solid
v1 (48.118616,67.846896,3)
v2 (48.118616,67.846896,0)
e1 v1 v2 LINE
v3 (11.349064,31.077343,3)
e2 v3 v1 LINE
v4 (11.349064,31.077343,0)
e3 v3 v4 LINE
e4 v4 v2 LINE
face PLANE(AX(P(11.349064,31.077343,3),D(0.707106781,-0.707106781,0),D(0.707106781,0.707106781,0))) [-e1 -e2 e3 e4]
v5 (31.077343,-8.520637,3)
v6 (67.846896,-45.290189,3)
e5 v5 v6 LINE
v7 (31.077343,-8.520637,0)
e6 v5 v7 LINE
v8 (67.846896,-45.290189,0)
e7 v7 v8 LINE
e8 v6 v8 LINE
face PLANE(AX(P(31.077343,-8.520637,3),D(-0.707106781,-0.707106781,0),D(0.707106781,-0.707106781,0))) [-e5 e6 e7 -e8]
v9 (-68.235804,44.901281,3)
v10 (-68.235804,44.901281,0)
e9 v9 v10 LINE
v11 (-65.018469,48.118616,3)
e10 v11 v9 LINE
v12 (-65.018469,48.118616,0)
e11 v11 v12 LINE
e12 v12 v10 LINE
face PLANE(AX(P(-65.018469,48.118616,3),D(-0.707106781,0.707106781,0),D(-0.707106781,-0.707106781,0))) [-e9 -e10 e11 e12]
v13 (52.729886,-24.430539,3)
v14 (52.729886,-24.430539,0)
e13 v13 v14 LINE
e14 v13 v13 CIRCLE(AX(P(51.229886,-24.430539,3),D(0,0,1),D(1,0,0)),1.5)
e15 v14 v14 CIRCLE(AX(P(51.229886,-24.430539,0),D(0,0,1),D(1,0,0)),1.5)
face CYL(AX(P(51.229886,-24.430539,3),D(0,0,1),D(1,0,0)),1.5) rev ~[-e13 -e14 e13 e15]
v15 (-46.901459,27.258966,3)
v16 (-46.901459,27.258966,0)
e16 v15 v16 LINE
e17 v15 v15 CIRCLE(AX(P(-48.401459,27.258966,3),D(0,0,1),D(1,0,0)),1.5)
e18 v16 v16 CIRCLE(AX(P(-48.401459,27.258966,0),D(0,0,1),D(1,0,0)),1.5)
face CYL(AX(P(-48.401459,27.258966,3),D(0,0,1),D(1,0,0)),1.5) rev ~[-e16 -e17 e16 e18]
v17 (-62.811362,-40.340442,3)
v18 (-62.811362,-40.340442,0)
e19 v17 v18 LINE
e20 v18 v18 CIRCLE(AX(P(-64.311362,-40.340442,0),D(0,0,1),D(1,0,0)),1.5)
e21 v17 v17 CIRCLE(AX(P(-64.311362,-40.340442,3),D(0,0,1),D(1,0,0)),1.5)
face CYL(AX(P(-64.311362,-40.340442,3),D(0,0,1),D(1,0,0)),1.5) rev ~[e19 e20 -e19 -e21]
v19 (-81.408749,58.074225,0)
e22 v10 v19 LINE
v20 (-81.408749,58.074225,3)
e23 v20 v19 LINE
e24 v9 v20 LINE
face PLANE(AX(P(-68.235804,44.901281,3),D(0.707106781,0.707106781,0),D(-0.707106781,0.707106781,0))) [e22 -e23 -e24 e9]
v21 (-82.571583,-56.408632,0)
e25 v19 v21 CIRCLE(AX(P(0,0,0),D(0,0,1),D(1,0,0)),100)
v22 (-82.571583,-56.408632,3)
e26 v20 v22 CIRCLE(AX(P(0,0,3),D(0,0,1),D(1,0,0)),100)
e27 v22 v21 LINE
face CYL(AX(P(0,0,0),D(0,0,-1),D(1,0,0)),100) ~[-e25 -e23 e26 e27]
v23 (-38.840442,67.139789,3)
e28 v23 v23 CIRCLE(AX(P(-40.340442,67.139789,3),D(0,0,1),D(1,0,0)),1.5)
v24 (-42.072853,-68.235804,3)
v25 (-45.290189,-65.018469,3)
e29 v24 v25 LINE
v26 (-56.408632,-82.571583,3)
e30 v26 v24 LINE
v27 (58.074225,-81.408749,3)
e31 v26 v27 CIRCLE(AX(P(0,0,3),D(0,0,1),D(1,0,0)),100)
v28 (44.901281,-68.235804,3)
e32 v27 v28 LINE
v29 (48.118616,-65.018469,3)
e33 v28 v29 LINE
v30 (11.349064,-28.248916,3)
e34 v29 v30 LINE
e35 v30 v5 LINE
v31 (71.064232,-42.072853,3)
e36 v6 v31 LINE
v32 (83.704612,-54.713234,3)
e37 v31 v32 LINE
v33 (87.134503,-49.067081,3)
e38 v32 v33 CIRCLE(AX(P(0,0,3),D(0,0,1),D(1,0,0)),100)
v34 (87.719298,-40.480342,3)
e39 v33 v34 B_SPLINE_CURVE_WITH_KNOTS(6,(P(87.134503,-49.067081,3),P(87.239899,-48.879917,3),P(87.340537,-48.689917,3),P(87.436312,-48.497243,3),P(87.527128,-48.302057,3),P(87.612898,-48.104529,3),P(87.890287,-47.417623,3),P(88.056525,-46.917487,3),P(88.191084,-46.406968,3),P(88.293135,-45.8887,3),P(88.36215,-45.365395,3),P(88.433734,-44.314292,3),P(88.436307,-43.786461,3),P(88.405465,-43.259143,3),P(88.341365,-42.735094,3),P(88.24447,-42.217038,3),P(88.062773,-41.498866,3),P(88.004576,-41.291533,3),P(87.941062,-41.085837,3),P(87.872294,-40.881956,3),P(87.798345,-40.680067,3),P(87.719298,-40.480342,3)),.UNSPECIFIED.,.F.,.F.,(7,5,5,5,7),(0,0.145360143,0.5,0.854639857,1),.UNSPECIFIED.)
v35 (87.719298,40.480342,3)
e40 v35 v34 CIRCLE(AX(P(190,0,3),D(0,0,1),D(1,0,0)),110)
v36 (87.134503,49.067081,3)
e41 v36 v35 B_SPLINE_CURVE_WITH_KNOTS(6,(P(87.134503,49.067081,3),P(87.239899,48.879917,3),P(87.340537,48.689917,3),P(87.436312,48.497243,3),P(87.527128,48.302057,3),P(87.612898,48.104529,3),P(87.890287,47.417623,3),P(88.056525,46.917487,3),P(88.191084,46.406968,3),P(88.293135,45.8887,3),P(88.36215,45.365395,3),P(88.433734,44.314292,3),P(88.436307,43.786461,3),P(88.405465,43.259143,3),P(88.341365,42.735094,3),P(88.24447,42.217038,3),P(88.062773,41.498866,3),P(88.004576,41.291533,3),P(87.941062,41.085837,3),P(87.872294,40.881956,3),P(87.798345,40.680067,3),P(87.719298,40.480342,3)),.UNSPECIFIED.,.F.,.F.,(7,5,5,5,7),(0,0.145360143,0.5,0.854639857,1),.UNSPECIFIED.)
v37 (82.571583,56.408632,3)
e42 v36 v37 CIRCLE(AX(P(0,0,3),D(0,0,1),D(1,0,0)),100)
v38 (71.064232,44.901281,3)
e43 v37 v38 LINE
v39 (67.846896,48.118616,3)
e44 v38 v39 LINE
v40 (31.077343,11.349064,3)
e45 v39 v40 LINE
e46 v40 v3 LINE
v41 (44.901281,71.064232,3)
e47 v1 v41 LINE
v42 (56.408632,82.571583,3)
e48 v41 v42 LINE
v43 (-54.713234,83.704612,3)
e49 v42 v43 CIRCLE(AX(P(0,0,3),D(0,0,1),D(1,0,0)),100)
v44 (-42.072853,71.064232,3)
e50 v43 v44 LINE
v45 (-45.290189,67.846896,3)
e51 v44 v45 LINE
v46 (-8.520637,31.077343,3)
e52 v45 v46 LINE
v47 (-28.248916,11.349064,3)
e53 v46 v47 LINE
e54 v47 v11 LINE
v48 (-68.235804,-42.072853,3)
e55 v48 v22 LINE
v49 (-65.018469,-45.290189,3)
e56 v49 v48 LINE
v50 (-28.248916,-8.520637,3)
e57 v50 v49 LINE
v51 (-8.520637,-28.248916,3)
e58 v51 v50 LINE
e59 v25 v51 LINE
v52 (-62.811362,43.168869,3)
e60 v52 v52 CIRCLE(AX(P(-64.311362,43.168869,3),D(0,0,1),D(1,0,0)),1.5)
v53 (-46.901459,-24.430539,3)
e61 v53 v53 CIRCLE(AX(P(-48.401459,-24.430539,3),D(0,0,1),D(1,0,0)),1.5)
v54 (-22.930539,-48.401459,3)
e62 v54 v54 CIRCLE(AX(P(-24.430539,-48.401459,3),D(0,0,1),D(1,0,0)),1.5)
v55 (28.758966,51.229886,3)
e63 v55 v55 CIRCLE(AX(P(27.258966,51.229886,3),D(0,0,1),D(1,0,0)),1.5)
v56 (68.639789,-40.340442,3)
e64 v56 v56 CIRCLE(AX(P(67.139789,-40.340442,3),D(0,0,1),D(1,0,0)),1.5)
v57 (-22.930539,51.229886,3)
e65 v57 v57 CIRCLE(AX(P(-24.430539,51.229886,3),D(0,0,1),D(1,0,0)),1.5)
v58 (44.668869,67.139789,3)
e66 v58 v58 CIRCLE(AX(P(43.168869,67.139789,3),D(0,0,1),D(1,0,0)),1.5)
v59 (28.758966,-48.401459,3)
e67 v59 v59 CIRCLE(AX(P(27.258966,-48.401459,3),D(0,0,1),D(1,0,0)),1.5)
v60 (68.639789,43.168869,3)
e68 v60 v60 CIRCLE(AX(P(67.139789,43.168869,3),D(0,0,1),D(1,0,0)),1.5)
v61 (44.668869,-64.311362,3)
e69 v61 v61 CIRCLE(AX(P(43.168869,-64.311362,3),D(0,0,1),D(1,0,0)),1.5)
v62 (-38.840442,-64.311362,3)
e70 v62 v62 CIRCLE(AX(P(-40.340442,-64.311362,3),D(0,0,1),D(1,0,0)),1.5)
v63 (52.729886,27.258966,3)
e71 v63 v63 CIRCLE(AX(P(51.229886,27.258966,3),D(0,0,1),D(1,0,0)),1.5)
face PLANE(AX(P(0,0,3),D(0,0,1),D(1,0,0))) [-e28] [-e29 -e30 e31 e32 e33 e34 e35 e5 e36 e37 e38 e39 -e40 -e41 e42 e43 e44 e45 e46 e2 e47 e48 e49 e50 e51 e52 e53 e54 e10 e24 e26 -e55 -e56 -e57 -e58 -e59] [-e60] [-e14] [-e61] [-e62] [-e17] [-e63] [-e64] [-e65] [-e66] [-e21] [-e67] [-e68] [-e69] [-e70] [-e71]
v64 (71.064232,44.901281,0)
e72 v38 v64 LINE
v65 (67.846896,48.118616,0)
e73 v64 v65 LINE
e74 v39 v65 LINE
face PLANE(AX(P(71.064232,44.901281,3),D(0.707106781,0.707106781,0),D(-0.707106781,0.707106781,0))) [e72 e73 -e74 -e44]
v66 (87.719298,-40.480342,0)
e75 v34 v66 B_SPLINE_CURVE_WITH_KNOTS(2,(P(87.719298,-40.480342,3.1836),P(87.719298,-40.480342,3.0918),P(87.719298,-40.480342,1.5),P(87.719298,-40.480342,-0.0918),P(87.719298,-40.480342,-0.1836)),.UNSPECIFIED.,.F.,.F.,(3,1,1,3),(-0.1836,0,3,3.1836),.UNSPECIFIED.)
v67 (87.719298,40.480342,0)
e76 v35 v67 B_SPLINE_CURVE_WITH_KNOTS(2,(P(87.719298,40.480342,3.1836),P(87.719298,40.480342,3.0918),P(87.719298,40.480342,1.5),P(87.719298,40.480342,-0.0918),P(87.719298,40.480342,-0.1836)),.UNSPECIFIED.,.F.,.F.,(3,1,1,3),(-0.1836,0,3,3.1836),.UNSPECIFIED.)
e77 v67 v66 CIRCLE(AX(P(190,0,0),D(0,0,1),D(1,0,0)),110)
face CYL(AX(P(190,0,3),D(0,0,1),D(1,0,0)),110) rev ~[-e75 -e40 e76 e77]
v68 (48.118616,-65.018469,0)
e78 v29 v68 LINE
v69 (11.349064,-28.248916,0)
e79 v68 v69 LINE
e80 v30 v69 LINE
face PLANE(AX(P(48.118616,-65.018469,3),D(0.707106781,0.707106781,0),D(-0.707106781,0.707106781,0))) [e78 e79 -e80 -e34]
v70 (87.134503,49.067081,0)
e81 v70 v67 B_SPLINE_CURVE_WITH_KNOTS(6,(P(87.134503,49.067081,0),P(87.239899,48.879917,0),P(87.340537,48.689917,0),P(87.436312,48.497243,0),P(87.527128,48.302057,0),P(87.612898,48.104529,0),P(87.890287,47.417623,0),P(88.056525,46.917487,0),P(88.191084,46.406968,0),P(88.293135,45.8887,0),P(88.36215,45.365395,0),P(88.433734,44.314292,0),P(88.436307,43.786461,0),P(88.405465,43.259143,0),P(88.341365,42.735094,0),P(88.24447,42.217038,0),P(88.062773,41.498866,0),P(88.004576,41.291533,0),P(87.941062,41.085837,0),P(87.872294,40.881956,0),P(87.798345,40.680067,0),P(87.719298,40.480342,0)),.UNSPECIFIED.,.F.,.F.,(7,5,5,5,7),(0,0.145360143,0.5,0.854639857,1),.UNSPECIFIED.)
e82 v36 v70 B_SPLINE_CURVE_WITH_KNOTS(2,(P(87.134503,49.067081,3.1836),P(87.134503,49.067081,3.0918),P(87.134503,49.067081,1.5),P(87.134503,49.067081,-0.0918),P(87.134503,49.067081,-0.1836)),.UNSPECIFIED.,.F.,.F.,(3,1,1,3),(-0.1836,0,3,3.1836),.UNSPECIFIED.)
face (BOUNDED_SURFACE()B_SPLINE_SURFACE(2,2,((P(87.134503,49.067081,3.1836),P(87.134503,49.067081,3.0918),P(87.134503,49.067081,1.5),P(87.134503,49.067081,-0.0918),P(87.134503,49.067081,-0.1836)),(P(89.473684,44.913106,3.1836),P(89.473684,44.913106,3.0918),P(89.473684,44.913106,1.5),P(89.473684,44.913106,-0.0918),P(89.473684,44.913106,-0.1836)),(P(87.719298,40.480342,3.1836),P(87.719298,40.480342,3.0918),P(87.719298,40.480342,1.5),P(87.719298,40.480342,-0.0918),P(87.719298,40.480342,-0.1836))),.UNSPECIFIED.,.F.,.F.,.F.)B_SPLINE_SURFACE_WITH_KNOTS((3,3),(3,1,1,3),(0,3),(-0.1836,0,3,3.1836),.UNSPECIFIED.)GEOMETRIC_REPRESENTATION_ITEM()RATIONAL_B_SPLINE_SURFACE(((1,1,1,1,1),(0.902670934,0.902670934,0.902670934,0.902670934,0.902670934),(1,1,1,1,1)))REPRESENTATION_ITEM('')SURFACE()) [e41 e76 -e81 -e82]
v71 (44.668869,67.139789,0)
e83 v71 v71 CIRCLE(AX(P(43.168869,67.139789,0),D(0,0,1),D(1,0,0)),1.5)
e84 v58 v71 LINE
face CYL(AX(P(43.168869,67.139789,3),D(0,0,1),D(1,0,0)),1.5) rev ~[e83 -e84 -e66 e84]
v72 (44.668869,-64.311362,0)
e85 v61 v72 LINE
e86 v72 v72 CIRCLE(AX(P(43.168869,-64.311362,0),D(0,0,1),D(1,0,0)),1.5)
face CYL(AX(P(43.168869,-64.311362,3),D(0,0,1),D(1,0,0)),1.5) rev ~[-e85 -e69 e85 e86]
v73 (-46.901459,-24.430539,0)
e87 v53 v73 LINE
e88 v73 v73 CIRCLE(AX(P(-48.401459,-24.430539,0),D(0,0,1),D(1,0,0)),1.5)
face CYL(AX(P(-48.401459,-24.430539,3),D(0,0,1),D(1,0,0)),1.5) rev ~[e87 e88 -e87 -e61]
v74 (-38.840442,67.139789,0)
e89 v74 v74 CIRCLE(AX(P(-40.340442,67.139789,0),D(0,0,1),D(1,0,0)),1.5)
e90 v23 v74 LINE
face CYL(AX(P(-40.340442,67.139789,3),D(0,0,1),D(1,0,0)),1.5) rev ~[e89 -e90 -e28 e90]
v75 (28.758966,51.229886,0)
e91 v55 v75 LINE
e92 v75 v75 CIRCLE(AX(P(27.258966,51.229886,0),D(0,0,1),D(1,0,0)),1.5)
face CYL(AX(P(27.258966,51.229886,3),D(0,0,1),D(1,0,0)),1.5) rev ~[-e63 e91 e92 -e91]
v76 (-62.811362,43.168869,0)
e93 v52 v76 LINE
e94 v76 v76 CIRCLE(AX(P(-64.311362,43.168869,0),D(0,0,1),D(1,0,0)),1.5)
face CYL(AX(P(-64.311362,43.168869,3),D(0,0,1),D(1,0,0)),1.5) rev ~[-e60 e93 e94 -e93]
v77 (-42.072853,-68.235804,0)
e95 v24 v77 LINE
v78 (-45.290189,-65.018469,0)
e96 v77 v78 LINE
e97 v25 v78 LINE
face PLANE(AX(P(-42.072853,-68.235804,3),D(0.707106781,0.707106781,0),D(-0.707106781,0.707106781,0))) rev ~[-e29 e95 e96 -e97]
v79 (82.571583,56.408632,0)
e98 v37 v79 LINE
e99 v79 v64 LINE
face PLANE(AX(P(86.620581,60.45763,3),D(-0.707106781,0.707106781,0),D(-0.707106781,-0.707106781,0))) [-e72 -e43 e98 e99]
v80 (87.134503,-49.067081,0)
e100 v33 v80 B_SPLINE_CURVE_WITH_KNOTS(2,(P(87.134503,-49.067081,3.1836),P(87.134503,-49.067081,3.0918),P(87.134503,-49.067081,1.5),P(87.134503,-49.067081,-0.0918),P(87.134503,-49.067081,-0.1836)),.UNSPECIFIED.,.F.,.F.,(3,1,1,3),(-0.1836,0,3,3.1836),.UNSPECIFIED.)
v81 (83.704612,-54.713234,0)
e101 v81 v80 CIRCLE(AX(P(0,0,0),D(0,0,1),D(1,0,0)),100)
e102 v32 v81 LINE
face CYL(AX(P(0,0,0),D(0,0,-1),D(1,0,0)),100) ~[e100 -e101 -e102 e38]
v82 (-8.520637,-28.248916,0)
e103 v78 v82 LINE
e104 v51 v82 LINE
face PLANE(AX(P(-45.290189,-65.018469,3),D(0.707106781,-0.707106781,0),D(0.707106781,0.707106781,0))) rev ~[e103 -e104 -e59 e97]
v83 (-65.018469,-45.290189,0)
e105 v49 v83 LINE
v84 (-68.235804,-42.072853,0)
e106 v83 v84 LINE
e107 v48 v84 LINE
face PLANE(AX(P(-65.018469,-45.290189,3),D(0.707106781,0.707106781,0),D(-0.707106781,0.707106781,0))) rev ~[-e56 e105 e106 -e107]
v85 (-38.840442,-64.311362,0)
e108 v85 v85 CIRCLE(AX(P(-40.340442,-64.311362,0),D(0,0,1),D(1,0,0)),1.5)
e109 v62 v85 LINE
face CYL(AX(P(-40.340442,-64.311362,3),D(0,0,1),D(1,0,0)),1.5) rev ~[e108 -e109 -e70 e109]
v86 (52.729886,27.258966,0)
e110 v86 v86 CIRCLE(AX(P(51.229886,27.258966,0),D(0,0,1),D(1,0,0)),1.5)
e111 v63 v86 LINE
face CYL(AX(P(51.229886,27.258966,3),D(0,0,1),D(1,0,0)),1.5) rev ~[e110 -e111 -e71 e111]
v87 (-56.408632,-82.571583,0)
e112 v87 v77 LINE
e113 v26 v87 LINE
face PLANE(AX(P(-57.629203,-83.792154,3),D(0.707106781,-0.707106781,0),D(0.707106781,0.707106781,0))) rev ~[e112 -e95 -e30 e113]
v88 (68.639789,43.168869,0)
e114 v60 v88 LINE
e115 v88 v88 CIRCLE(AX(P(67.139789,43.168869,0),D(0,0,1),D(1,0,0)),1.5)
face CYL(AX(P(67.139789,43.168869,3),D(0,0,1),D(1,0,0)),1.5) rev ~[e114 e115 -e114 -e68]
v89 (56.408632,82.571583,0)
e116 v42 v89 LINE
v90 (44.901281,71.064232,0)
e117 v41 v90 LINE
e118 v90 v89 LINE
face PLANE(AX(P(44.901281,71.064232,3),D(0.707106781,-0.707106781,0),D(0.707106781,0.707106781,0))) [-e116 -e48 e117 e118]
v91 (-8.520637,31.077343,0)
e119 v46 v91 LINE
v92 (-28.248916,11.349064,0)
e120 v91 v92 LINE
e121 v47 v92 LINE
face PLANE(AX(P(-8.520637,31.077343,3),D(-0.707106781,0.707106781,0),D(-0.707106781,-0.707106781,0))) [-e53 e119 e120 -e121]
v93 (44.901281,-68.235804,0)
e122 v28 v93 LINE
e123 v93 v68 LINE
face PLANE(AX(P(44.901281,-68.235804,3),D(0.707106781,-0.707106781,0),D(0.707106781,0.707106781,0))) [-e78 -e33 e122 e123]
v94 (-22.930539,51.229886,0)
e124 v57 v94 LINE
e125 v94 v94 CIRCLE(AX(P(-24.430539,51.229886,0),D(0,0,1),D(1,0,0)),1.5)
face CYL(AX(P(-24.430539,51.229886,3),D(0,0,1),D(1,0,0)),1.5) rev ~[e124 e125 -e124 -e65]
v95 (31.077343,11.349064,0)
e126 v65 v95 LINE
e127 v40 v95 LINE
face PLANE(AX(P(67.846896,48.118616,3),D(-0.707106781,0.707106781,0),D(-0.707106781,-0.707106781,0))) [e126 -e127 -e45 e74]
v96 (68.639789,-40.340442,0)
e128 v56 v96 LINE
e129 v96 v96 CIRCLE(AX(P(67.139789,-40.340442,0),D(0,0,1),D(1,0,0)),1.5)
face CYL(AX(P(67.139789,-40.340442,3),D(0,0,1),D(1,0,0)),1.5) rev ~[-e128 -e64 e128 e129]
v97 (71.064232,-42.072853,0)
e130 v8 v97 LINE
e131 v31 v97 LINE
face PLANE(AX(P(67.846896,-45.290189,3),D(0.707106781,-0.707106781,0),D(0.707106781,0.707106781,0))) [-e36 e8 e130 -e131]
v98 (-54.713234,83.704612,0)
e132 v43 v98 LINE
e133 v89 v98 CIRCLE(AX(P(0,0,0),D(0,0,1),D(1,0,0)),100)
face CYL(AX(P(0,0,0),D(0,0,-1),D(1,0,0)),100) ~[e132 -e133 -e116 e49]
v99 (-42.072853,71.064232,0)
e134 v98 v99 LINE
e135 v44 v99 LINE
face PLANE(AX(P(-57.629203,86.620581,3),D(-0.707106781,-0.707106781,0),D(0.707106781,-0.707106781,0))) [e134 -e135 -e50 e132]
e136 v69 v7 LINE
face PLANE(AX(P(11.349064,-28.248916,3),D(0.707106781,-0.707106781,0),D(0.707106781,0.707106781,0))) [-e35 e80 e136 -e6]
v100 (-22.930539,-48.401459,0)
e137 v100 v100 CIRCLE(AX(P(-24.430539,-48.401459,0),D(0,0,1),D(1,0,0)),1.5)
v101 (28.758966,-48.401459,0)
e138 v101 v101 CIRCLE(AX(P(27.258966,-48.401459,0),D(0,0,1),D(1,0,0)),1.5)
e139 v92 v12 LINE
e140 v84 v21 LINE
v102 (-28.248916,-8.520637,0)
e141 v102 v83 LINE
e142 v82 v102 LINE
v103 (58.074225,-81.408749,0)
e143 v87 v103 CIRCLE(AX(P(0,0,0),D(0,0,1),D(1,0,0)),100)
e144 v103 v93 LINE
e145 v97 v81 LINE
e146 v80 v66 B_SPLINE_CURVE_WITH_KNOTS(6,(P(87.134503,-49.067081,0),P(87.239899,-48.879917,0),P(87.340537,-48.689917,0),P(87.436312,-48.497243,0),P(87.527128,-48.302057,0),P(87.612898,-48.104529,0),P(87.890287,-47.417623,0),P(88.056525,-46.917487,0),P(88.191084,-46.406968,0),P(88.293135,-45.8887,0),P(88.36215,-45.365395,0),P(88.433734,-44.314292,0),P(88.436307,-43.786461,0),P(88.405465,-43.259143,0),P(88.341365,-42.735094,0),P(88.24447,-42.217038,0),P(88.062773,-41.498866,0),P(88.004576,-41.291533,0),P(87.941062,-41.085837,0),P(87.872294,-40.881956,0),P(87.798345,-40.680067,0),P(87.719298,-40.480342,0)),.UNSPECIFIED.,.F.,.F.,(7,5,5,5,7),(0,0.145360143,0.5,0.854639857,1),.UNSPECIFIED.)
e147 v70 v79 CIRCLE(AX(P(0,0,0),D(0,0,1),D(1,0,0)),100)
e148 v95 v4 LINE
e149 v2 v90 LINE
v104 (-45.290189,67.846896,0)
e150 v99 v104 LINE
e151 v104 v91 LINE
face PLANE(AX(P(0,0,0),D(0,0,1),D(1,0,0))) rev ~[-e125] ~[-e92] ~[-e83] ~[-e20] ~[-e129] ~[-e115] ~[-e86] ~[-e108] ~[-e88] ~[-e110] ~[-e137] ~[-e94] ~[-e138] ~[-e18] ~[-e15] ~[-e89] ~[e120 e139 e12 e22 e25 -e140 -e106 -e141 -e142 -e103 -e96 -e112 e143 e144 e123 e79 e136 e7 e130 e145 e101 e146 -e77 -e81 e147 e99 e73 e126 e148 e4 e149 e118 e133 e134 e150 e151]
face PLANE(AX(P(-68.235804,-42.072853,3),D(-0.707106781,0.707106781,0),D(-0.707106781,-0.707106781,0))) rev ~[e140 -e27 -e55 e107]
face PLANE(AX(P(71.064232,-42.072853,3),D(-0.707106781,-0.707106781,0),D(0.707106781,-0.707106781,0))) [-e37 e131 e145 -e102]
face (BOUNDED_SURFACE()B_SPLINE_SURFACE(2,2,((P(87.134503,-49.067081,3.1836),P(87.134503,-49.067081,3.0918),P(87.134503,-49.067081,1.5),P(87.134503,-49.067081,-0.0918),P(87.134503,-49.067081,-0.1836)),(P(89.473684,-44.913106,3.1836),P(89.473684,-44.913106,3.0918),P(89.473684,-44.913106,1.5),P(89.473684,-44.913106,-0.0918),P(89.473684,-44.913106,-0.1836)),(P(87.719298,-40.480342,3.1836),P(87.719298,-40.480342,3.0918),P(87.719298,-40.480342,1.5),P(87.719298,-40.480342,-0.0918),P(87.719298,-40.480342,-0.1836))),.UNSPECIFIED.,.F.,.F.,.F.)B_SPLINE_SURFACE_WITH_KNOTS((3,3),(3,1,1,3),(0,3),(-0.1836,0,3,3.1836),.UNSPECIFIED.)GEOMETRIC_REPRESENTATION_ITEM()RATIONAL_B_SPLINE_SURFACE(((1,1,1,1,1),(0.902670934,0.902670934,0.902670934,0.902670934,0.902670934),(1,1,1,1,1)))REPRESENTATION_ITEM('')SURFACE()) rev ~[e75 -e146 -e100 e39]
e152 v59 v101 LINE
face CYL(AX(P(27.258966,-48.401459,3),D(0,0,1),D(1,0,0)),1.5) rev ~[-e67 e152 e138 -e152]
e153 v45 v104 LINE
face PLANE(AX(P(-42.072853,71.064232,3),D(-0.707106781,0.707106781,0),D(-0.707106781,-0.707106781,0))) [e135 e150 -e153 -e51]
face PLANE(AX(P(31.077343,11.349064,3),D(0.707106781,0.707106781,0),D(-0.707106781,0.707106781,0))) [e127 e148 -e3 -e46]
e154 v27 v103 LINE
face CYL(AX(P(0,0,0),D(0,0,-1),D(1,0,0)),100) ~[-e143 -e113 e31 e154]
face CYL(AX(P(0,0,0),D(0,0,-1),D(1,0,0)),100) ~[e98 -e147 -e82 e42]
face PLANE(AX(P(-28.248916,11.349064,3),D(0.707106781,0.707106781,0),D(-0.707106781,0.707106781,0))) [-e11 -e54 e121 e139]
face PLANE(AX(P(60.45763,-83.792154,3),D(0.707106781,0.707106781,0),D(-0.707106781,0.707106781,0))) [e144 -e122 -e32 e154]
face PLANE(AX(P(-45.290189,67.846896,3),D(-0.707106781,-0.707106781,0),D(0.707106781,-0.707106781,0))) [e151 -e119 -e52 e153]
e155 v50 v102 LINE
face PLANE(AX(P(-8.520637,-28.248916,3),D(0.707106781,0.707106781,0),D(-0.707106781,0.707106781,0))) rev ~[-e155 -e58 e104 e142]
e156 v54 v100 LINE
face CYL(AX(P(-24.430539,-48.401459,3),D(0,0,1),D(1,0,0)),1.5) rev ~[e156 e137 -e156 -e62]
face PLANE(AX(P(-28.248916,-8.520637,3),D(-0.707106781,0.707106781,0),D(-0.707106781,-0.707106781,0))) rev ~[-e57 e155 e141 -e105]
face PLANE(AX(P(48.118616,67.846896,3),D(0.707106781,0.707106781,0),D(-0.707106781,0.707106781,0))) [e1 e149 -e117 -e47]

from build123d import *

# Parameters (mm, degrees)
CROQUIS1_R              = 100
SALIENTE_EXTRUIR1_DEPTH = 3
CROQUIS3_R              = 110
CORTAR_EXTRUIR1_DEPTH   = 3
REDONDEO1_R             = 10
CORTAR_EXTRUIR2_DEPTH   = 142.453172607
CROQUIS5_R              = 1.5
CORTAR_EXTRUIR3_DEPTH   = 10


with BuildPart() as part:
    # Croquis1 → Saliente-Extruir1 (new body)
    with BuildSketch(Plane.XY):
        Circle(CROQUIS1_R)
    extrude(amount=SALIENTE_EXTRUIR1_DEPTH)

    # Croquis3 → Cortar-Extruir1 (cut)
    with BuildSketch(Plane.XY.offset(3)):
        with Locations((190, 0)):
            Circle(CROQUIS3_R)
    extrude(amount=-CORTAR_EXTRUIR1_DEPTH, mode=Mode.SUBTRACT)

    # Redondeo1
    redondeo1_edges = [part.edges().sort_by_distance(p)[0] for p in [
        (89.473684211, -44.659375654, 1.5),
        (89.473684211, 44.659375654, 1.5),
    ]]
    fillet(redondeo1_edges, radius=REDONDEO1_R)

    # Croquis4 → Cortar-Extruir2 (cut, through all)
    with BuildSketch(Plane.XY.offset(3)):
        Polygon((-83.792153571, -57.629202667), (-57.629202667, -83.792153571), (-42.072853481, -68.235804385), (-45.290189335, -65.01846853), (-8.520636713, -28.248915908), (-28.248915908, -8.520636713), (-65.01846853, -45.290189335), (-68.235804385, -42.072853481), align=None)
        Polygon((-8.520636713, 31.077343033), (-28.248915908, 11.349063838), (-65.01846853, 48.11861646), (-68.235804385, 44.901280605), (-83.792153571, 60.457629791), (-57.629202667, 86.620580695), (-42.072853481, 71.064231509), (-45.290189335, 67.846895655), align=None)
        Polygon((31.077343033, 11.349063838), (11.349063838, 31.077343033), (48.11861646, 67.846895655), (44.901280605, 71.064231509), (60.457629791, 86.620580695), (86.620580695, 60.457629791), (71.064231509, 44.901280605), (67.846895655, 48.11861646), align=None)
        Polygon((11.349063838, -28.248915908), (31.077343033, -8.520636713), (67.846895655, -45.290189335), (71.064231509, -42.072853481), (86.620580695, -57.629202667), (60.457629791, -83.792153571), (44.901280605, -68.235804385), (48.11861646, -65.01846853), align=None)
    extrude(amount=-CORTAR_EXTRUIR2_DEPTH, mode=Mode.SUBTRACT)

    # Croquis5 → Cortar-Extruir3 (cut)
    with BuildSketch(Plane.XY.offset(3)):
        with Locations((-64.311361749, -40.340441867)):
            Circle(CROQUIS5_R)
        with Locations((-48.401459172, -24.43053929)):
            Circle(CROQUIS5_R)
        with Locations((-24.43053929, -48.401459172)):
            Circle(CROQUIS5_R)
        with Locations((-40.340441867, -64.311361749)):
            Circle(CROQUIS5_R)
        with Locations((-24.43053929, 51.229886297)):
            Circle(CROQUIS5_R)
        with Locations((-40.340441867, 67.139788874)):
            Circle(CROQUIS5_R)
        with Locations((-48.401459172, 27.258966415)):
            Circle(CROQUIS5_R)
        with Locations((-64.311361749, 43.168868991)):
            Circle(CROQUIS5_R)
        with Locations((51.229886297, 27.258966415)):
            Circle(CROQUIS5_R)
        with Locations((67.139788874, 43.168868991)):
            Circle(CROQUIS5_R)
        with Locations((27.258966415, 51.229886297)):
            Circle(CROQUIS5_R)
        with Locations((43.168868991, 67.139788874)):
            Circle(CROQUIS5_R)
        with Locations((27.258966415, -48.401459172)):
            Circle(CROQUIS5_R)
        with Locations((43.168868991, -64.311361749)):
            Circle(CROQUIS5_R)
        with Locations((51.229886297, -24.43053929)):
            Circle(CROQUIS5_R)
        with Locations((67.139788874, -40.340441867)):
            Circle(CROQUIS5_R)
    extrude(amount=-CORTAR_EXTRUIR3_DEPTH, mode=Mode.SUBTRACT)


solid = part.part
